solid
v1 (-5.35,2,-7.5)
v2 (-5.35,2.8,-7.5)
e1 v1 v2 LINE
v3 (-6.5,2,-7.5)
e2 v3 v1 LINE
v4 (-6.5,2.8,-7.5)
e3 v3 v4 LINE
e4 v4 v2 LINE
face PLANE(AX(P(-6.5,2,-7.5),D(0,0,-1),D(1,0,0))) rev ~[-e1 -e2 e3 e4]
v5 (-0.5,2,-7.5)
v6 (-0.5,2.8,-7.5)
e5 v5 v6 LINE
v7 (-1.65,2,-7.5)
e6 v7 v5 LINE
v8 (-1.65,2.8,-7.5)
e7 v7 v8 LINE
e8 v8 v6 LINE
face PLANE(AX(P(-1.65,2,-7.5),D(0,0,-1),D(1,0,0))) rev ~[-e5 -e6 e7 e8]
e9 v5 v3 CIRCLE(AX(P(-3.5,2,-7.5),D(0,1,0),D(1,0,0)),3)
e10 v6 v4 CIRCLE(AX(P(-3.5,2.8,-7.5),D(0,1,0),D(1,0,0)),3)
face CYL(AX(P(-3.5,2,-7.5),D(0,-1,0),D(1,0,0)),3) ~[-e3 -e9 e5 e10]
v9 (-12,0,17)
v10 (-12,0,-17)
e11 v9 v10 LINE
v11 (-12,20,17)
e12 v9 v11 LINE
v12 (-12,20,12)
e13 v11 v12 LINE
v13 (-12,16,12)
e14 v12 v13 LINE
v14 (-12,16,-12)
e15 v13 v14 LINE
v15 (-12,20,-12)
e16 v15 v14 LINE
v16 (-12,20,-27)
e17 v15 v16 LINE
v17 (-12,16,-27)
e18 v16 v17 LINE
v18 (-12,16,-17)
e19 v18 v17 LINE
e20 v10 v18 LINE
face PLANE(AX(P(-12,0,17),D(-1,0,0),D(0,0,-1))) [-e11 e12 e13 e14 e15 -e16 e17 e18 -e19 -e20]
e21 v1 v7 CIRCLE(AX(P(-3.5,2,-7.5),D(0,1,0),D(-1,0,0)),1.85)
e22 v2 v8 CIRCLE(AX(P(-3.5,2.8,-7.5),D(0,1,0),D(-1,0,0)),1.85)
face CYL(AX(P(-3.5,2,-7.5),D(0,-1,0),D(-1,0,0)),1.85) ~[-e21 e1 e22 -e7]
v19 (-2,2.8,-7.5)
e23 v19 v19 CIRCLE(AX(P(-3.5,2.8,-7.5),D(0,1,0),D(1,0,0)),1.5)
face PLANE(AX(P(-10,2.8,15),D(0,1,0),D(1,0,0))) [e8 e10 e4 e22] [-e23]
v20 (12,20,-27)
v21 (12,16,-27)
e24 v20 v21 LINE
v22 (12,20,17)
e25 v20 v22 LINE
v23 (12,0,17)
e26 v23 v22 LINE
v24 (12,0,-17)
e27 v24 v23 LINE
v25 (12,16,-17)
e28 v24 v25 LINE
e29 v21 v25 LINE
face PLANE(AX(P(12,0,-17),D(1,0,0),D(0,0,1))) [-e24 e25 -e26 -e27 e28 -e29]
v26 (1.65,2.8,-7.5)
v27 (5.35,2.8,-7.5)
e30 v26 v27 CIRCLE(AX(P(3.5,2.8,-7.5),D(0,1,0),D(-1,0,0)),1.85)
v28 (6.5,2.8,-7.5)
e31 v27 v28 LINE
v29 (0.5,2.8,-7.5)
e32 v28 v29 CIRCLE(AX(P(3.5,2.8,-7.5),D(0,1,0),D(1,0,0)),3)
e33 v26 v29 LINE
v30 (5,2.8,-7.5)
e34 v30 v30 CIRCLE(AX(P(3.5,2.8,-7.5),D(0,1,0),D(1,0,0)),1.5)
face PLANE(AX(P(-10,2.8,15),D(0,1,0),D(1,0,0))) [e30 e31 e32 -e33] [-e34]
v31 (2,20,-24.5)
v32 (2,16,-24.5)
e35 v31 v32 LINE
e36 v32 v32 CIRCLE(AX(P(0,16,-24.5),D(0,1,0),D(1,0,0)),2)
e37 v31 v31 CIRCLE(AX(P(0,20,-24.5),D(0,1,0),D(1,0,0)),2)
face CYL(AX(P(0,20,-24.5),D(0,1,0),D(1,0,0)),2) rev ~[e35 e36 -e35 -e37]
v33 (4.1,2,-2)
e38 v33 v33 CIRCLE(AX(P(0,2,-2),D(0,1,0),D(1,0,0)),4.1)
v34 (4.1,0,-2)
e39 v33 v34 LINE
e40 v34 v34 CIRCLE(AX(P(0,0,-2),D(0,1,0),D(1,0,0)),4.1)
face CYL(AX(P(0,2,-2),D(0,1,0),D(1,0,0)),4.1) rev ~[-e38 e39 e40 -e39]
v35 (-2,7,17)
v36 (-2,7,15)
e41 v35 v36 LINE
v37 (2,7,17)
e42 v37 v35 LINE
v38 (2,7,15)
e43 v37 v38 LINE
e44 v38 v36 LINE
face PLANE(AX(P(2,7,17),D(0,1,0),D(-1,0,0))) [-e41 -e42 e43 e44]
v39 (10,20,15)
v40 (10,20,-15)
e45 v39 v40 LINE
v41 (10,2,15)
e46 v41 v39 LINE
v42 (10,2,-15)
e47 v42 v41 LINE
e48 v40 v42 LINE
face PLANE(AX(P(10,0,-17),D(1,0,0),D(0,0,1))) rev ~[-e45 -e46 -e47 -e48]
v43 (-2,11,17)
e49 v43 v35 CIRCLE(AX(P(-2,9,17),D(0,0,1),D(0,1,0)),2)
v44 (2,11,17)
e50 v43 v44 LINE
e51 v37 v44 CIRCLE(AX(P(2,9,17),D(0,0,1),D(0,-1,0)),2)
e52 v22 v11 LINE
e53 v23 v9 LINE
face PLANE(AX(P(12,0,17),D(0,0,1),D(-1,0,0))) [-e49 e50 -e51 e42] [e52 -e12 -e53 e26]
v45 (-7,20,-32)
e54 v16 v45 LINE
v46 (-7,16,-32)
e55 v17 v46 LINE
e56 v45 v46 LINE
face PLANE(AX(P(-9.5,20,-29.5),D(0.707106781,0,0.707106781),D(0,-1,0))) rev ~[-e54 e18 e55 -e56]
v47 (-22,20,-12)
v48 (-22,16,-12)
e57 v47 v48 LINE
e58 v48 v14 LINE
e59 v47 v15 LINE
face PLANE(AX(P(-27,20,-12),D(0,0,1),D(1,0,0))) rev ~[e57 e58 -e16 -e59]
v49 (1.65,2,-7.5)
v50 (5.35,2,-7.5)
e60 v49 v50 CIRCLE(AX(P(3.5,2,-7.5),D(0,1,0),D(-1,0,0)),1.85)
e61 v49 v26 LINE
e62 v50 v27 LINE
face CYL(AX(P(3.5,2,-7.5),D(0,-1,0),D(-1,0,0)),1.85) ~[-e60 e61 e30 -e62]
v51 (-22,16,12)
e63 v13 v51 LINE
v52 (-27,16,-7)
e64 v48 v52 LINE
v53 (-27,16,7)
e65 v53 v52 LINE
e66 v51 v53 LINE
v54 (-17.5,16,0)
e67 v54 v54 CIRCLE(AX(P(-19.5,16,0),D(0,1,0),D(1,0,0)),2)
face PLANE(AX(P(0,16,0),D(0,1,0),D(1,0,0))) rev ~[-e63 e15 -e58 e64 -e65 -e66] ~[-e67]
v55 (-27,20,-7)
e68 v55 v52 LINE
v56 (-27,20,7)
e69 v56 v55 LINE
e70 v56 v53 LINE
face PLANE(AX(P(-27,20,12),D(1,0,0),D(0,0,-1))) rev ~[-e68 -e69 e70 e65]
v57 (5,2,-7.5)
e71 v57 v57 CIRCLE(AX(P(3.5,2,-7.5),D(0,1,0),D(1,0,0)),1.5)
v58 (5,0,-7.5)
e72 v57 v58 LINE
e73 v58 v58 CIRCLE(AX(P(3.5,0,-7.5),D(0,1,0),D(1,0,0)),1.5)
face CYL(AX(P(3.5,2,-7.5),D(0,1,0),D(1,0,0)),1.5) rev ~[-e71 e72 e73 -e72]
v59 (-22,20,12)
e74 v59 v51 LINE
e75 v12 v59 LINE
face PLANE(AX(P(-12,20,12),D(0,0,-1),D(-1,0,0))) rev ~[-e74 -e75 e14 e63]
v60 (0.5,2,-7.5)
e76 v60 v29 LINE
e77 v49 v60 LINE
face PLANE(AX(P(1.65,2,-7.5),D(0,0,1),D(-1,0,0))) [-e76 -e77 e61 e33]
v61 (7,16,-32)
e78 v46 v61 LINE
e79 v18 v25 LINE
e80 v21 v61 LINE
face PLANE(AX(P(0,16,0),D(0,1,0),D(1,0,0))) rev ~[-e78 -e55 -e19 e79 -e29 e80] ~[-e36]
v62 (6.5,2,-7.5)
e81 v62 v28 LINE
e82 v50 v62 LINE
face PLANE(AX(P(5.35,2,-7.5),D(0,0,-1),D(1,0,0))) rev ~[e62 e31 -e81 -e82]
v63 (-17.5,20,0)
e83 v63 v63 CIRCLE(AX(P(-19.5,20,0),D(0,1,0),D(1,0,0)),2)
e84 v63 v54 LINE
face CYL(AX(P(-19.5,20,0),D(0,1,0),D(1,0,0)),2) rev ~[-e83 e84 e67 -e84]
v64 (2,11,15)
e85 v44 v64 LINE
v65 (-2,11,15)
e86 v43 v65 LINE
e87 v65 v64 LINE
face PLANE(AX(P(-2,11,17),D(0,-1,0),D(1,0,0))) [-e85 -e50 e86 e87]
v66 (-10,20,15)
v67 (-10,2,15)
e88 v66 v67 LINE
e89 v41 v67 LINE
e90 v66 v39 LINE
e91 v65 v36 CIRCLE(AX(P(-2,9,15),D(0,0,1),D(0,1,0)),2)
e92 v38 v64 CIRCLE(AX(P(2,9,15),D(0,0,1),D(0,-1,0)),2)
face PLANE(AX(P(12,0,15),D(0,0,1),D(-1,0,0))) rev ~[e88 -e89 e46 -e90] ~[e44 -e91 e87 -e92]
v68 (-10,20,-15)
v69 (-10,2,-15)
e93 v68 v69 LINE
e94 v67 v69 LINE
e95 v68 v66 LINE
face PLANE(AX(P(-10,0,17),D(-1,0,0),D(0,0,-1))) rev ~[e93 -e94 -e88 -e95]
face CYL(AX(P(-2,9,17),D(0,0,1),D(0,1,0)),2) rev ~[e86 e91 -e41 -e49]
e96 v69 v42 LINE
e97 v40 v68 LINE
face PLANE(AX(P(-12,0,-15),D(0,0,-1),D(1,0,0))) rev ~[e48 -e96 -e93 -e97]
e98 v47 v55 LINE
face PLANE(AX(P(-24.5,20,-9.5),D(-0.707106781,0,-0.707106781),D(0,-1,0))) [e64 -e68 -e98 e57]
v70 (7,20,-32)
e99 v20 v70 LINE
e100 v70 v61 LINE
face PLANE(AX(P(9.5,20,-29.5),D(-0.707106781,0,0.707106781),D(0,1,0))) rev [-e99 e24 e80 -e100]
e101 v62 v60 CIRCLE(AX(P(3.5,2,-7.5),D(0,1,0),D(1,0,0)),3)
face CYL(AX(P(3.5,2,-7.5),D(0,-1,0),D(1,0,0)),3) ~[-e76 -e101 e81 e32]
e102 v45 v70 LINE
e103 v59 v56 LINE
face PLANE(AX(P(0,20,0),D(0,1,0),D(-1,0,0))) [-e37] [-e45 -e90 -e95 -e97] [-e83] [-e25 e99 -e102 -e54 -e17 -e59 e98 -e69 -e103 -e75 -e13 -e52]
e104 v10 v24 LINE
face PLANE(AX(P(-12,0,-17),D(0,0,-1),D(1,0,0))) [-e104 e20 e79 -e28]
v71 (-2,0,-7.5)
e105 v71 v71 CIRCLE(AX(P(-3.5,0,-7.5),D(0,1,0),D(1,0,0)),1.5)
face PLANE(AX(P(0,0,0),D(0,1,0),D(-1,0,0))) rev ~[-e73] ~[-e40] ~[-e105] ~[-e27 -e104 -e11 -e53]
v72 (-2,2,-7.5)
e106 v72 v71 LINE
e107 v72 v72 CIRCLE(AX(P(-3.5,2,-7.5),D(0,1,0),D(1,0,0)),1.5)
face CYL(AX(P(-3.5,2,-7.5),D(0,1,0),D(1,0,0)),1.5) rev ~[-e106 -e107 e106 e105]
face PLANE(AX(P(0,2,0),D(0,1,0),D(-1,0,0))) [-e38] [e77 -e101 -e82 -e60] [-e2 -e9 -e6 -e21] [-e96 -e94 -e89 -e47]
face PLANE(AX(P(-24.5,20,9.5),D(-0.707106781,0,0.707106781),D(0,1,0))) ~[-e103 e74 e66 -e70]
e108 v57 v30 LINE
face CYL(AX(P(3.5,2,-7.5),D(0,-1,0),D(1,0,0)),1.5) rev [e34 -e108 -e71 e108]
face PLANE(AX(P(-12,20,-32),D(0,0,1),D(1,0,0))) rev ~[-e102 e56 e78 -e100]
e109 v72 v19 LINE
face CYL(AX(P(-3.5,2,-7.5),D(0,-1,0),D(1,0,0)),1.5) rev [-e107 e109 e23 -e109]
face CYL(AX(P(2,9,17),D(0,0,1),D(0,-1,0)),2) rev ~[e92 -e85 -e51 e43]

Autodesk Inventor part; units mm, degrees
ref_plane "YZ Plane" through (0, 0, 0) normal (1, 0, 0) x (0, 1, 0)
ref_plane "XZ Plane" through (0, 0, 0) normal (0, 1, 0) x (-1, 0, 0)
ref_plane "XY Plane" through (0, 0, 0) normal (0, 0, 1) x (1, 0, 0)
sketch "Esboço1" plane through (0, 0, 0) normal (0, 1, 0) x (-1, 0, 0)
  line L0 (-12, 17) -> (12, 17)
  line L1 (12, 17) -> (12, -17)
  line L2 (12, -17) -> (-12, -17)
  line L3 (-12, -17) -> (-12, 17)
  line L4 (-12, 17) -> (12, -17) construction
  line L5 (12, 17) -> (-12, -17) construction
  point P0 (0, 0)
  dimension "d0" = 24
  dimension "d1" = 34
extrude "Extrusão1" add sketch "Esboço1" along normal blind 20
shell "Casca1" thickness 2 removed faces 1 at (4, 20, 5.6667)
sketch "Esboço2" plane through (-10, 2, 15) normal (0, 1, 0) x (1, 0, 0)
  line L0 (16, 8) -> (4, 8)
  line L1 (4, 8) -> (4, 25)
  line L2 (4, 25) -> (16, 25)
  line L3 (16, 25) -> (16, 8)
  line L4 (16, 8) -> (4, 25) construction
  line L5 (4, 8) -> (16, 25) construction
  line L6 (0, 30) -> (20, 30) projected
  circle A0 centre (6.5, 22.5) radius 1.5
  circle A1 centre (13.5, 22.5) radius 1.5
  point P0 (10, 15)
  point P1 (10, 16.5)
  dimension "d5" = 12
  dimension "d6" = 17
  dimension "d7" = 5
  dimension "d8" = 3
  dimension "d9" = 2.5
  dimension "d10" = 2.5
  dimension "d11" = 3
  dimension "d12" = 2.5
extrude "Extrusão2" cut sketch "Esboço2" against normal blind 30 contours A0 | A1
sketch "Esboço5" plane through (-10, 2, 15) normal (0, 1, 0) x (1, 0, 0)
  circle A0 centre (13.5, 22.5) radius 1.5 projected
  arc A1 (11.65, 22.5) -> (15.35, 22.5) centre (13.5, 22.5) ccw
  circle A2 centre (13.5, 22.5) radius 1.5
  circle A3 centre (6.5, 22.5) radius 1.5 projected
  circle A4 centre (6.5, 22.5) radius 1.5
  arc A5 (4.65, 22.5) -> (8.35, 22.5) centre (6.5, 22.5) ccw
  arc A6 (16.5, 22.5) -> (10.5, 22.5) centre (13.5, 22.5) ccw
  arc A7 (9.5, 22.5) -> (3.5, 22.5) centre (6.5, 22.5) ccw
  line L0 (15.35, 22.5) -> (16.5, 22.5)
  line L1 (11.65, 22.5) -> (10.5, 22.5)
  line L2 (8.35, 22.5) -> (9.5, 22.5)
  line L3 (3.5, 22.5) -> (4.65, 22.5)
  point P0 (10, 15)
  dimension "d32" = 3.7
  dimension "d33" = 3.7
  dimension "d34" = 6
  dimension "d35" = 6
extrude "Extrusão5" add sketch "Esboço5" along normal blind 0.8
sketch "Esboço6" plane through (-10, 2, 15) normal (0, 1, 0) x (1, 0, 0)
  circle A0 centre (10, 17) radius 4.1
  line L0 (16, 8) -> (4, 8)
  line L1 (4, 8) -> (4, 25)
  line L2 (4, 25) -> (16, 25)
  line L3 (16, 25) -> (16, 8)
  line L4 (16, 8) -> (4, 25) construction
  line L5 (4, 8) -> (16, 25) construction
  line L6 (0, 30) -> (20, 30) projected
  point P0 (10, 15)
  point P1 (10, 16.5)
  dimension "d38" = 8.2
  dimension "d39" = 12
  dimension "d40" = 17
  dimension "d41" = 5
  dimension "d42" = 9
extrude "Extrusão6" cut sketch "Esboço6" against normal blind 2 contours A0
sketch "Esboço8" plane through (0, 20, 0) normal (0, 1, 0) x (1, 0, 0)
  line L0 (-12, 17) -> (12, 17) projected
  line L1 (12, 17) -> (-12, 17)
  line L2 (-12, 17) -> (-12, 32)
  line L3 (-12, 32) -> (12, 32)
  line L4 (12, 32) -> (12, 17)
  line L5 (-12, -17) -> (-12, 17) projected
  line L6 (-12, -12) -> (-27, -12)
  line L7 (-27, -12) -> (-27, 12)
  line L8 (-27, 12) -> (-12, 12)
  line L9 (-12, 12) -> (-12, -12)
  point P0 (0, 0)
  dimension "d57" = 15
  dimension "d58" = 15
  dimension "d59" = 24
  dimension "d60" = 5
extrude "Extrusão8" add sketch "Esboço8" against normal blind 4
chamfer "Chanfro3" distance 5 angle 45 4 edges at (-27, 18, -12) (-12, 18, -32) (12, 18, -32) (-27, 18, 12)
sketch "Esboço9" plane through (0, 20, 0) normal (0, 1, 0) x (1, 0, 0)
  circle A0 centre (-19.5, 0) radius 2
  circle A1 centre (0, 24.5) radius 2
  line L0 (-27, 7) -> (-27, -7) projected
  line L1 (7, 32) -> (-7, 32) projected
  point P0 (0, 0)
  dimension "d66" = 4
  dimension "d67" = 4
  dimension "d68" = 7.5
  dimension "d69" = 7.5
extrude "Extrusão9" cut sketch "Esboço9" against normal blind 4
sketch "Esboço11" plane through (-12, 0, 17) normal (0, 0, 1) x (1, 0, 0)
  arc A0 (10, 11) -> (10, 7) centre (10, 9) ccw
  line L0 (24, 0) -> (0, 0) projected
  line L1 (0, 0) -> (0, 20) projected
  arc A1 (14, 7) -> (14, 11) centre (14, 9) ccw
  line L2 (24, 0) -> (24, 20) projected
  line L3 (10, 11) -> (14, 11)
  line L4 (14, 7) -> (10, 7)
  point P0 (12, 0)
  dimension "d79" = 4
  dimension "d80" = 9
  dimension "d81" = 10
  dimension "d82" = 4
  dimension "d83" = 10
extrude "Extrusão11" cut sketch "Esboço11" against normal blind 4
properties part number "Caixa mlx"
